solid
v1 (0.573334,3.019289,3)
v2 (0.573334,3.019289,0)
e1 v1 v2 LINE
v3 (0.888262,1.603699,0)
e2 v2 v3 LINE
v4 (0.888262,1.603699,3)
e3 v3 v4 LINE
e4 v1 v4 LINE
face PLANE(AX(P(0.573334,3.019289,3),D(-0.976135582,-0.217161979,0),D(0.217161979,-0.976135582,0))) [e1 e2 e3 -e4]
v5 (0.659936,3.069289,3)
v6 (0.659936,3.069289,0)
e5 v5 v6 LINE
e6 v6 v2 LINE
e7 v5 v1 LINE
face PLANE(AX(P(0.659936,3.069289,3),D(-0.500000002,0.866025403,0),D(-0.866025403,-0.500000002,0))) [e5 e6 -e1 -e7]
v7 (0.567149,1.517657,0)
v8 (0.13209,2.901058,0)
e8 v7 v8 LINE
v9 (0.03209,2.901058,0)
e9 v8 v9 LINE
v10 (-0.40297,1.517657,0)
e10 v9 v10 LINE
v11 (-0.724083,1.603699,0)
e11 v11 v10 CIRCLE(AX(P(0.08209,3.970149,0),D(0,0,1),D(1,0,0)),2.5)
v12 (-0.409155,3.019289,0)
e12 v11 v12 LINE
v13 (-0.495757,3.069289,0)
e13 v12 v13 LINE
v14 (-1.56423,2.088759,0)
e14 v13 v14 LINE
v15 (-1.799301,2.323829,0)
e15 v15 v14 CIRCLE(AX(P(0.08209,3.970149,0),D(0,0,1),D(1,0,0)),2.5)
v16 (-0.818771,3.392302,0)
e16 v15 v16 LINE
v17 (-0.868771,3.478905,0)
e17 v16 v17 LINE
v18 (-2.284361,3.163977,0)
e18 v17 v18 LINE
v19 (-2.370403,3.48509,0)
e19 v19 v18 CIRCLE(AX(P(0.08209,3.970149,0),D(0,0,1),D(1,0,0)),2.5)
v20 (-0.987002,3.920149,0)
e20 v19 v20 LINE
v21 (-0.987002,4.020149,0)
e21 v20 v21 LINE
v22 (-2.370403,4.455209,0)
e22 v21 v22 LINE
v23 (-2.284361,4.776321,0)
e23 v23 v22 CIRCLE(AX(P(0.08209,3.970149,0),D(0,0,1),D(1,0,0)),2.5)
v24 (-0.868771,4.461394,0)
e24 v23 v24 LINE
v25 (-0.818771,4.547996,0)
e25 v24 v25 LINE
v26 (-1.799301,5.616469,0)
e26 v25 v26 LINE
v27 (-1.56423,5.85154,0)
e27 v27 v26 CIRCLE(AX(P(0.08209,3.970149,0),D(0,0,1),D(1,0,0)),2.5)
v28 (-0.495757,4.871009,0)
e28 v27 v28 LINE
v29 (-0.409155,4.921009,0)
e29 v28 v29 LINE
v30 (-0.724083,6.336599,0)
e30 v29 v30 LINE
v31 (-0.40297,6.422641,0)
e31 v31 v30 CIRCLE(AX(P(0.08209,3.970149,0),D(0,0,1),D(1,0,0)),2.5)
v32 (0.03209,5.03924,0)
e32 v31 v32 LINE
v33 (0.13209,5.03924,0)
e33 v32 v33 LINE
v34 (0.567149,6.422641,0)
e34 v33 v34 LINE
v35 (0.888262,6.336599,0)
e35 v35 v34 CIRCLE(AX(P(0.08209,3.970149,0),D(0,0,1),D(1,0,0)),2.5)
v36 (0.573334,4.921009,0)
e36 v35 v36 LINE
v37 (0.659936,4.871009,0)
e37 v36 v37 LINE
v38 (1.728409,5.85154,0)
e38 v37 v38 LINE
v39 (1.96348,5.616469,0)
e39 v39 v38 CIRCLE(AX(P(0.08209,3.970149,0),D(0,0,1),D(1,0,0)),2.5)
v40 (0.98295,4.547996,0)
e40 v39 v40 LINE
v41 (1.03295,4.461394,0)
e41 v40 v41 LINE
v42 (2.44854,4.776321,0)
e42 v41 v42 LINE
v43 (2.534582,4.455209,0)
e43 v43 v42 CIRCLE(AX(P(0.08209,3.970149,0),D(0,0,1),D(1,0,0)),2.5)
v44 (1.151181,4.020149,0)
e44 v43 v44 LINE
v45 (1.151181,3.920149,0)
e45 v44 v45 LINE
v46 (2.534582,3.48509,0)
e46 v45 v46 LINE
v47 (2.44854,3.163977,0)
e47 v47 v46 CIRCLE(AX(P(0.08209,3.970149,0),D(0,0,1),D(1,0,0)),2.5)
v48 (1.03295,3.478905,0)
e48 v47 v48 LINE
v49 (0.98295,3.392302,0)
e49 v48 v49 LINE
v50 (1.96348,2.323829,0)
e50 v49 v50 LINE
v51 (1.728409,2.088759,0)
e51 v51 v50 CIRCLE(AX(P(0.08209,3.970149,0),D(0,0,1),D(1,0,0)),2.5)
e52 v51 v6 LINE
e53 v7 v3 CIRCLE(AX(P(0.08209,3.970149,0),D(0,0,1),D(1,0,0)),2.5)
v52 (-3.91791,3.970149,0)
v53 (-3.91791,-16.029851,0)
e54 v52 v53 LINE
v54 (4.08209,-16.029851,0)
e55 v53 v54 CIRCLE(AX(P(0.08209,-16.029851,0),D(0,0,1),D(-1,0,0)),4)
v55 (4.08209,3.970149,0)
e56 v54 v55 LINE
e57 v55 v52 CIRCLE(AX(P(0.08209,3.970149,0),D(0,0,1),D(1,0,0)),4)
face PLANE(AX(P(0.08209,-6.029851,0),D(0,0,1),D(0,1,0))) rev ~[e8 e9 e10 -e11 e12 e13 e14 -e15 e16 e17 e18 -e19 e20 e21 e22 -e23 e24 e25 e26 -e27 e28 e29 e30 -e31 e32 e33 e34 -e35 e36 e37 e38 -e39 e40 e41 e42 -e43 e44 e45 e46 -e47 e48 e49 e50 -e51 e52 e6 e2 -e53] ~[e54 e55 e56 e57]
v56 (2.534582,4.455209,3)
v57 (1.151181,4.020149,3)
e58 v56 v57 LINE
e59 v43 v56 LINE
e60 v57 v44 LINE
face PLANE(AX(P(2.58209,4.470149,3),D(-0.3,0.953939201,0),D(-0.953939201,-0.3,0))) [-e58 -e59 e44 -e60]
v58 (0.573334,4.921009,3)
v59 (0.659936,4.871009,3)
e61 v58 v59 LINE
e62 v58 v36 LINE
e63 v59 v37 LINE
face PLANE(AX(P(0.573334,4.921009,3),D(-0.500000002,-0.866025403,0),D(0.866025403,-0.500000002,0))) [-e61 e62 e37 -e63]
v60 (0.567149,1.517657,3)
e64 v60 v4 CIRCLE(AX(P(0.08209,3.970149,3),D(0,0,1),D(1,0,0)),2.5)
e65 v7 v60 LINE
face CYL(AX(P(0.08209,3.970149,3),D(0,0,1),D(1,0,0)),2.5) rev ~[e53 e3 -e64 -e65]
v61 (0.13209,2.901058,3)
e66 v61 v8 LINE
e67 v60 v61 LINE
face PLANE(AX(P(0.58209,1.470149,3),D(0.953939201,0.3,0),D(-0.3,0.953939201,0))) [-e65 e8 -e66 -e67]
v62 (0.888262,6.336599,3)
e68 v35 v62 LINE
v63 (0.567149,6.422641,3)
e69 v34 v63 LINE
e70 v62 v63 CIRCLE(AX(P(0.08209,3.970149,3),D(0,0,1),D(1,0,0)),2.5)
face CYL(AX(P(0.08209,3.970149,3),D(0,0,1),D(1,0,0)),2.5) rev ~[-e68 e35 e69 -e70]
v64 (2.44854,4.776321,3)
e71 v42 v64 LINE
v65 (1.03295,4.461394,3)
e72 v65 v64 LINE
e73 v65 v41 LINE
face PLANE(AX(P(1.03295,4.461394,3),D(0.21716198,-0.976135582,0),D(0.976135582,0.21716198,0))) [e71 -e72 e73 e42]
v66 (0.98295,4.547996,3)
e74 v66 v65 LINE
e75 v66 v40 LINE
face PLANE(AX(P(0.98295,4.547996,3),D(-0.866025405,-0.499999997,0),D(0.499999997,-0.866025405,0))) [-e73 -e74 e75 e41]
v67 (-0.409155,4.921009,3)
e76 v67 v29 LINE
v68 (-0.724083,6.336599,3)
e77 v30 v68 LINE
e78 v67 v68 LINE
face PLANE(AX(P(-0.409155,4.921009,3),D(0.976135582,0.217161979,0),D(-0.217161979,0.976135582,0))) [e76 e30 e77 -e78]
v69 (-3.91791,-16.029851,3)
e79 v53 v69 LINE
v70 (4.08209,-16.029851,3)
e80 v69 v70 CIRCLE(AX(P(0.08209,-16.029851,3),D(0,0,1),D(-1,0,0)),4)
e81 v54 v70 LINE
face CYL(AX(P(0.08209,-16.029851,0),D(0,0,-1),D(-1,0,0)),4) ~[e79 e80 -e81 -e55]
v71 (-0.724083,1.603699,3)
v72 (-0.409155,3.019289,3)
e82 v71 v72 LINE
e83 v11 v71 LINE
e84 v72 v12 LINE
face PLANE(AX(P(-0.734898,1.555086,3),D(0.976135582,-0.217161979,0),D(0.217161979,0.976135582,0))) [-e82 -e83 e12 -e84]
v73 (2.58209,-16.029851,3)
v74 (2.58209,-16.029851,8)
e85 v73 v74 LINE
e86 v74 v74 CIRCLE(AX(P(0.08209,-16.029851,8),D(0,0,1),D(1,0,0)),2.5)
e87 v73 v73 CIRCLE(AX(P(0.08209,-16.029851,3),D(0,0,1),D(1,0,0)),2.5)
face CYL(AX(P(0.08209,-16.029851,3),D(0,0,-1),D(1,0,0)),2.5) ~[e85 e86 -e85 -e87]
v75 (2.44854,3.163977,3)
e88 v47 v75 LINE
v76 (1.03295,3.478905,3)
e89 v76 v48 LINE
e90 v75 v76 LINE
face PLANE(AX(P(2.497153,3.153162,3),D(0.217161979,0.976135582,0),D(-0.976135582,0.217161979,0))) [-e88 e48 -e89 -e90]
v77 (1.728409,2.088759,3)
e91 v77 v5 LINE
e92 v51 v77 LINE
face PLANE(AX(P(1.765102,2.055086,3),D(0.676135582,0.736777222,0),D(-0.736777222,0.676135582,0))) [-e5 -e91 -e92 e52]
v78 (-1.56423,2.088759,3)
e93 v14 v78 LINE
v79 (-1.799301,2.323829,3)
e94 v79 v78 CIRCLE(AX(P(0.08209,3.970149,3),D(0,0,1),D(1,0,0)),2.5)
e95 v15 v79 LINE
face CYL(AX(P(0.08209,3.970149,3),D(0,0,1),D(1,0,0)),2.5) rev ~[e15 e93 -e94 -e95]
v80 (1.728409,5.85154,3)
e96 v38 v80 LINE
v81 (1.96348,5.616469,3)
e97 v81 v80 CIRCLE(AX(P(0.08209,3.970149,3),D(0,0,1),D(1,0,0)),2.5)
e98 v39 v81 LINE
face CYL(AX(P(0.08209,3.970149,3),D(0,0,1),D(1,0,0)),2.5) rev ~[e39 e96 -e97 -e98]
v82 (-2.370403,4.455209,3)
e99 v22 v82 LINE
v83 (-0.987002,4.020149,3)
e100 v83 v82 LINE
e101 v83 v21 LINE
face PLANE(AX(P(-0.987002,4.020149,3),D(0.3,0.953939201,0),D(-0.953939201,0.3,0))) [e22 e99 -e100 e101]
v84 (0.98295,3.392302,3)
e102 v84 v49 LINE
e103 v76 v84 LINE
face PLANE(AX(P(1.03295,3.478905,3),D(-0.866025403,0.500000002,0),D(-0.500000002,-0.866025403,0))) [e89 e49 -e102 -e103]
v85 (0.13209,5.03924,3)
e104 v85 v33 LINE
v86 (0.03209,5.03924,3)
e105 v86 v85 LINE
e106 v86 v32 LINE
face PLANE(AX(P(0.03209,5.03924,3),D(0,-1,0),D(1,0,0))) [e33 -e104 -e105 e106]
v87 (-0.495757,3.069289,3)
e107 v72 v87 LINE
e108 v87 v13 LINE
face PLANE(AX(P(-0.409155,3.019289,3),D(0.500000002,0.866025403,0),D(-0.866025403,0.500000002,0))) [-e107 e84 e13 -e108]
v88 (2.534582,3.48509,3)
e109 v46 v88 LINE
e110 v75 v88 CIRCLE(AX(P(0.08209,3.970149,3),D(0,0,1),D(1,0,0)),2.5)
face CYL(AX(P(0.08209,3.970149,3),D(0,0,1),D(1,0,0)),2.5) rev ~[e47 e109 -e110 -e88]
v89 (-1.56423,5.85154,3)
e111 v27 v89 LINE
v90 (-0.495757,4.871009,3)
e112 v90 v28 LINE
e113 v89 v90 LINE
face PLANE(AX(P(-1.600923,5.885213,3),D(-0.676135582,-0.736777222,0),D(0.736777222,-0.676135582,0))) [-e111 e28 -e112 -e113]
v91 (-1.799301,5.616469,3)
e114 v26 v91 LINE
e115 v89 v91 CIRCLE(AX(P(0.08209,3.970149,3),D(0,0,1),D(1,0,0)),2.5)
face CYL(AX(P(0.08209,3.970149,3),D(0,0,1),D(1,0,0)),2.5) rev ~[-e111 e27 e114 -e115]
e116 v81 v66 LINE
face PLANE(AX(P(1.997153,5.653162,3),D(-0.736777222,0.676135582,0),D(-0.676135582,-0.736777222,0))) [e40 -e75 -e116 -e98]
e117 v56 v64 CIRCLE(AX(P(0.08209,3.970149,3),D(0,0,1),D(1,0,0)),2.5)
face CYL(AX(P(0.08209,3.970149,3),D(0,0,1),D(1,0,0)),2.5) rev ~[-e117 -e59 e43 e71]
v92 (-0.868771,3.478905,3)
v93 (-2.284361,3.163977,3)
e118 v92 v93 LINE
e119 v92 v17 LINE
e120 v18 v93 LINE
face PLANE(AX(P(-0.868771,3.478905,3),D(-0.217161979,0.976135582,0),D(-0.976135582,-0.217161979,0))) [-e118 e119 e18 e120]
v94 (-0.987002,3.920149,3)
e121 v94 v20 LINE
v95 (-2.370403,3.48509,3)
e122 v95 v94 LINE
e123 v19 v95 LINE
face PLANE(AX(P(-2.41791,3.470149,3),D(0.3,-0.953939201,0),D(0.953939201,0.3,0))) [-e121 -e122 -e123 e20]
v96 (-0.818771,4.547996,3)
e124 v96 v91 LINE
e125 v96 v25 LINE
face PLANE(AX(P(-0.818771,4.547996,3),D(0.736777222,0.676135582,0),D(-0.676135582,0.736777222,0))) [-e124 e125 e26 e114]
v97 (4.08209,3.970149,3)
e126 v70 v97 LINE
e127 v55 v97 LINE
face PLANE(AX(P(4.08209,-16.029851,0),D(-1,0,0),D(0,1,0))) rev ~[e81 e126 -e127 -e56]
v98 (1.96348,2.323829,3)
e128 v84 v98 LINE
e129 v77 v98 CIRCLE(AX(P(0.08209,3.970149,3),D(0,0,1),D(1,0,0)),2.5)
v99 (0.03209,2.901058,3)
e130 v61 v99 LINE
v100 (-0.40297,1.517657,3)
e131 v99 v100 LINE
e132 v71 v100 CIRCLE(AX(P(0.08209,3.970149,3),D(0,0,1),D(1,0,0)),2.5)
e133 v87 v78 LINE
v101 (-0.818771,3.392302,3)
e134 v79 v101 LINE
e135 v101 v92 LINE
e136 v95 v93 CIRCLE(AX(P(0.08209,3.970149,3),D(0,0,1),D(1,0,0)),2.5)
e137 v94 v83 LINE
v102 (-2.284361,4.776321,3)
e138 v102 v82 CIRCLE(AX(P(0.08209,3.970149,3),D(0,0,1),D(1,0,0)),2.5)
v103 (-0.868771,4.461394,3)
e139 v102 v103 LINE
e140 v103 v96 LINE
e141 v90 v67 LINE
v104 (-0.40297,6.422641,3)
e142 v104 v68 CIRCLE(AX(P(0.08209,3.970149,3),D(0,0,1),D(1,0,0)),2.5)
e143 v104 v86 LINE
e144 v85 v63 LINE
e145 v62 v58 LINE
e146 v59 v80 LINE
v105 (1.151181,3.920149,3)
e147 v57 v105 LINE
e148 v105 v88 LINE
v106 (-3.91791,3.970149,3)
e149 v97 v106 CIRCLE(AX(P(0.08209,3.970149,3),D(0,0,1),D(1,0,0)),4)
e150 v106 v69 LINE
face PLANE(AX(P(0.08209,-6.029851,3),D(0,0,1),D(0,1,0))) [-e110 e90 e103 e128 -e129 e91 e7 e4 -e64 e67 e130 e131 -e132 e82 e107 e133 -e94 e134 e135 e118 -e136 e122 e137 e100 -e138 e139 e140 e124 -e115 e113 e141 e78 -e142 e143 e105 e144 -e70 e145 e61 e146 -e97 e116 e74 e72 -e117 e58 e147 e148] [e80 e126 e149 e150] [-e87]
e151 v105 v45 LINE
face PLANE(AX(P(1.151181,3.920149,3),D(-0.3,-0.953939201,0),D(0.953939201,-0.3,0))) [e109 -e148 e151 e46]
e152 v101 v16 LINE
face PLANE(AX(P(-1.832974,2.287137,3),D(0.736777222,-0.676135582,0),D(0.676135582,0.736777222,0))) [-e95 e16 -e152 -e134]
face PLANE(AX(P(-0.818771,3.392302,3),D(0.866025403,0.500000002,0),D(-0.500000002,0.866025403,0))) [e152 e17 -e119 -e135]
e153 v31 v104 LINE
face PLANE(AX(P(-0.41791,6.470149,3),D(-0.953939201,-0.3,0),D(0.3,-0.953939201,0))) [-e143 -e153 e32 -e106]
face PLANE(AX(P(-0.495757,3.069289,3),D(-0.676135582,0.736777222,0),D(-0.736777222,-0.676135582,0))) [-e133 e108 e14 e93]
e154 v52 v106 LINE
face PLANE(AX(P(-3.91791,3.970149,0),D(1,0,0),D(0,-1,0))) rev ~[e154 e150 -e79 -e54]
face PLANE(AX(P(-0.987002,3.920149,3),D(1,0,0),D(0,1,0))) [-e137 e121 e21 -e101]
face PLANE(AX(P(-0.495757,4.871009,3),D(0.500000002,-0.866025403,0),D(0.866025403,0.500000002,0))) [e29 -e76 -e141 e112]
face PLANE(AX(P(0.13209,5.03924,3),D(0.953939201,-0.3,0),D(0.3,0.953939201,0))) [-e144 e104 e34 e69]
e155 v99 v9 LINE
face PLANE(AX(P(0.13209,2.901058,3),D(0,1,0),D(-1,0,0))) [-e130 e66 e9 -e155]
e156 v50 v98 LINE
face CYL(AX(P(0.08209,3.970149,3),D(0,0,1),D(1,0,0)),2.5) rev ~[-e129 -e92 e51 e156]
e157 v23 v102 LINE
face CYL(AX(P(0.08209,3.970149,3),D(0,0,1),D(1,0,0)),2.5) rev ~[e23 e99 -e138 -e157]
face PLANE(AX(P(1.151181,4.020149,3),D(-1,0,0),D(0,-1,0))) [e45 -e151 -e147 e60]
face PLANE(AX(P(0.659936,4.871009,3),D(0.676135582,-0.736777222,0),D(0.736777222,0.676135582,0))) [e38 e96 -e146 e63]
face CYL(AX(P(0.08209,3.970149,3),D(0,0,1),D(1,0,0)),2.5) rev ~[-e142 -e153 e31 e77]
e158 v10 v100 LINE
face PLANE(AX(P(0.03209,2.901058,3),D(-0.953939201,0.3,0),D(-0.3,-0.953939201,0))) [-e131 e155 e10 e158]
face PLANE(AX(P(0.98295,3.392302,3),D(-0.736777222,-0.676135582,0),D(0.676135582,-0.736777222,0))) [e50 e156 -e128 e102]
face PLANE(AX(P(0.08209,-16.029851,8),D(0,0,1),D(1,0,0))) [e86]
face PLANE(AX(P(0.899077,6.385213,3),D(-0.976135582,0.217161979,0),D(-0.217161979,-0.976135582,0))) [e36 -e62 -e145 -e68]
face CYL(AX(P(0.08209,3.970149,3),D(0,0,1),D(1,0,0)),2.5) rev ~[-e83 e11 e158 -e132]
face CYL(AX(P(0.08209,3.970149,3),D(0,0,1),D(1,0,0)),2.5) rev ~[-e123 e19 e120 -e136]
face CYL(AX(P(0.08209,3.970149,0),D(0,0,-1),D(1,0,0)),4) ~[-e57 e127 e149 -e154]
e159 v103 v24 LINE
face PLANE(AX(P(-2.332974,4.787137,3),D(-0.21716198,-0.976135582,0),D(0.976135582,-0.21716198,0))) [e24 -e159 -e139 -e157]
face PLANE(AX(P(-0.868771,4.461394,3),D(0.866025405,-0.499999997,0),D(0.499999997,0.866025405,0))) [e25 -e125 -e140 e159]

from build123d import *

# Parameters (mm, degrees)
BOSS_EXTRUDE1_DEPTH = 3
CUT_EXTRUDE2_REACH  = 22.661
SKETCH4_R           = 2.5
BOSS_EXTRUDE4_DEPTH = 3
SKETCH6_R           = 2.5
BOSS_EXTRUDE5_DEPTH = 5


with BuildPart() as part:
    # Sketch1 → Boss-Extrude1 (new body)
    with BuildSketch(Plane(origin=(0, 0, 0), x_dir=(0, 1, 0), z_dir=(0, 0, 1))):
        with BuildLine():
            Line((-16.029850746, -4.082089552), (3.970149254, -4.082089552))
            ThreePointArc((3.970149254, -4.082089552), (7.970149254, -0.082089552), (3.970149254, 3.917910448))
            Line((3.970149254, 3.917910448), (-16.029850746, 3.917910448))
            ThreePointArc((-16.029850746, 3.917910448), (-20.029850746, -0.082089552), (-16.029850746, -4.082089552))
        make_face()
    extrude(amount=BOSS_EXTRUDE1_DEPTH)

    # Sketch4 → Cut-Extrude2 (cut, up to next)
    with BuildSketch(Plane(origin=(0, 0, 3), x_dir=(0, -1, 0), z_dir=(0, 0, 1)), mode=Mode.PRIVATE) as cut_extrude2_sk1:
        with Locations(Location((-3.970149254, 0.082089552, 0), (0, 0, 90))):
            Circle(SKETCH4_R)
    cut_extrude2_tool1 = extrude(cut_extrude2_sk1.sketch, amount=-CUT_EXTRUDE2_REACH, mode=Mode.PRIVATE) & part.part
    add(cut_extrude2_tool1.solids().sort_by_distance((0.08209, 3.970149, 3))[0], mode=Mode.SUBTRACT)

    # Sketch5 → Boss-Extrude4 (add)
    with BuildSketch(Plane.XY.offset(3)):
        Polygon((-0.417910448, 1.470149254), (0.582089552, 1.470149254), (0.132089552, 2.901058056), (0.032089552, 2.901058056), align=None)
        Polygon((-1.60092315, 2.055085744), (-0.734897746, 1.555085744), (-0.409154777, 3.019289117), (-0.495757317, 3.069289117), align=None)
        Polygon((-2.332973957, 3.153161956), (-1.832973957, 2.287136552), (-0.818770584, 3.392302385), (-0.868770584, 3.478904925), align=None)
        Polygon((-2.417910448, 4.470149254), (-2.417910448, 3.470149254), (-0.987001646, 3.920149254), (-0.987001646, 4.020149254), align=None)
        Polygon((-1.832973957, 5.653161956), (-2.332973957, 4.787136552), (-0.868770584, 4.461393582), (-0.818770584, 4.547996123), align=None)
        Polygon((-0.734897746, 6.385212763), (-1.60092315, 5.885212763), (-0.495757317, 4.87100939), (-0.409154777, 4.92100939), align=None)
        Polygon((0.582089552, 6.470149254), (-0.417910448, 6.470149254), (0.032089552, 5.039240452), (0.132089552, 5.039240452), align=None)
        Polygon((1.765102254, 5.885212763), (0.89907685, 6.385212763), (0.573333881, 4.92100939), (0.659936421, 4.87100939), align=None)
        Polygon((2.497153062, 4.787136552), (1.997153062, 5.653161956), (0.982949689, 4.547996123), (1.032949689, 4.461393582), align=None)
        Polygon((2.582089552, 3.470149254), (2.582089552, 4.470149254), (1.15118075, 4.020149254), (1.15118075, 3.920149254), align=None)
        Polygon((1.997153062, 2.287136552), (2.497153062, 3.153161956), (1.032949689, 3.478904925), (0.982949689, 3.392302385), align=None)
        Polygon((0.89907685, 1.555085744), (1.765102254, 2.055085744), (0.659936421, 3.069289117), (0.573333881, 3.019289117), align=None)
    extrude(amount=-BOSS_EXTRUDE4_DEPTH)

    # Sketch6 → Boss-Extrude5 (add)
    with BuildSketch(Plane.XY.offset(3)):
        with Locations((0.082089552, -16.029850746)):
            Circle(SKETCH6_R)
    extrude(amount=BOSS_EXTRUDE5_DEPTH)


solid = part.part
